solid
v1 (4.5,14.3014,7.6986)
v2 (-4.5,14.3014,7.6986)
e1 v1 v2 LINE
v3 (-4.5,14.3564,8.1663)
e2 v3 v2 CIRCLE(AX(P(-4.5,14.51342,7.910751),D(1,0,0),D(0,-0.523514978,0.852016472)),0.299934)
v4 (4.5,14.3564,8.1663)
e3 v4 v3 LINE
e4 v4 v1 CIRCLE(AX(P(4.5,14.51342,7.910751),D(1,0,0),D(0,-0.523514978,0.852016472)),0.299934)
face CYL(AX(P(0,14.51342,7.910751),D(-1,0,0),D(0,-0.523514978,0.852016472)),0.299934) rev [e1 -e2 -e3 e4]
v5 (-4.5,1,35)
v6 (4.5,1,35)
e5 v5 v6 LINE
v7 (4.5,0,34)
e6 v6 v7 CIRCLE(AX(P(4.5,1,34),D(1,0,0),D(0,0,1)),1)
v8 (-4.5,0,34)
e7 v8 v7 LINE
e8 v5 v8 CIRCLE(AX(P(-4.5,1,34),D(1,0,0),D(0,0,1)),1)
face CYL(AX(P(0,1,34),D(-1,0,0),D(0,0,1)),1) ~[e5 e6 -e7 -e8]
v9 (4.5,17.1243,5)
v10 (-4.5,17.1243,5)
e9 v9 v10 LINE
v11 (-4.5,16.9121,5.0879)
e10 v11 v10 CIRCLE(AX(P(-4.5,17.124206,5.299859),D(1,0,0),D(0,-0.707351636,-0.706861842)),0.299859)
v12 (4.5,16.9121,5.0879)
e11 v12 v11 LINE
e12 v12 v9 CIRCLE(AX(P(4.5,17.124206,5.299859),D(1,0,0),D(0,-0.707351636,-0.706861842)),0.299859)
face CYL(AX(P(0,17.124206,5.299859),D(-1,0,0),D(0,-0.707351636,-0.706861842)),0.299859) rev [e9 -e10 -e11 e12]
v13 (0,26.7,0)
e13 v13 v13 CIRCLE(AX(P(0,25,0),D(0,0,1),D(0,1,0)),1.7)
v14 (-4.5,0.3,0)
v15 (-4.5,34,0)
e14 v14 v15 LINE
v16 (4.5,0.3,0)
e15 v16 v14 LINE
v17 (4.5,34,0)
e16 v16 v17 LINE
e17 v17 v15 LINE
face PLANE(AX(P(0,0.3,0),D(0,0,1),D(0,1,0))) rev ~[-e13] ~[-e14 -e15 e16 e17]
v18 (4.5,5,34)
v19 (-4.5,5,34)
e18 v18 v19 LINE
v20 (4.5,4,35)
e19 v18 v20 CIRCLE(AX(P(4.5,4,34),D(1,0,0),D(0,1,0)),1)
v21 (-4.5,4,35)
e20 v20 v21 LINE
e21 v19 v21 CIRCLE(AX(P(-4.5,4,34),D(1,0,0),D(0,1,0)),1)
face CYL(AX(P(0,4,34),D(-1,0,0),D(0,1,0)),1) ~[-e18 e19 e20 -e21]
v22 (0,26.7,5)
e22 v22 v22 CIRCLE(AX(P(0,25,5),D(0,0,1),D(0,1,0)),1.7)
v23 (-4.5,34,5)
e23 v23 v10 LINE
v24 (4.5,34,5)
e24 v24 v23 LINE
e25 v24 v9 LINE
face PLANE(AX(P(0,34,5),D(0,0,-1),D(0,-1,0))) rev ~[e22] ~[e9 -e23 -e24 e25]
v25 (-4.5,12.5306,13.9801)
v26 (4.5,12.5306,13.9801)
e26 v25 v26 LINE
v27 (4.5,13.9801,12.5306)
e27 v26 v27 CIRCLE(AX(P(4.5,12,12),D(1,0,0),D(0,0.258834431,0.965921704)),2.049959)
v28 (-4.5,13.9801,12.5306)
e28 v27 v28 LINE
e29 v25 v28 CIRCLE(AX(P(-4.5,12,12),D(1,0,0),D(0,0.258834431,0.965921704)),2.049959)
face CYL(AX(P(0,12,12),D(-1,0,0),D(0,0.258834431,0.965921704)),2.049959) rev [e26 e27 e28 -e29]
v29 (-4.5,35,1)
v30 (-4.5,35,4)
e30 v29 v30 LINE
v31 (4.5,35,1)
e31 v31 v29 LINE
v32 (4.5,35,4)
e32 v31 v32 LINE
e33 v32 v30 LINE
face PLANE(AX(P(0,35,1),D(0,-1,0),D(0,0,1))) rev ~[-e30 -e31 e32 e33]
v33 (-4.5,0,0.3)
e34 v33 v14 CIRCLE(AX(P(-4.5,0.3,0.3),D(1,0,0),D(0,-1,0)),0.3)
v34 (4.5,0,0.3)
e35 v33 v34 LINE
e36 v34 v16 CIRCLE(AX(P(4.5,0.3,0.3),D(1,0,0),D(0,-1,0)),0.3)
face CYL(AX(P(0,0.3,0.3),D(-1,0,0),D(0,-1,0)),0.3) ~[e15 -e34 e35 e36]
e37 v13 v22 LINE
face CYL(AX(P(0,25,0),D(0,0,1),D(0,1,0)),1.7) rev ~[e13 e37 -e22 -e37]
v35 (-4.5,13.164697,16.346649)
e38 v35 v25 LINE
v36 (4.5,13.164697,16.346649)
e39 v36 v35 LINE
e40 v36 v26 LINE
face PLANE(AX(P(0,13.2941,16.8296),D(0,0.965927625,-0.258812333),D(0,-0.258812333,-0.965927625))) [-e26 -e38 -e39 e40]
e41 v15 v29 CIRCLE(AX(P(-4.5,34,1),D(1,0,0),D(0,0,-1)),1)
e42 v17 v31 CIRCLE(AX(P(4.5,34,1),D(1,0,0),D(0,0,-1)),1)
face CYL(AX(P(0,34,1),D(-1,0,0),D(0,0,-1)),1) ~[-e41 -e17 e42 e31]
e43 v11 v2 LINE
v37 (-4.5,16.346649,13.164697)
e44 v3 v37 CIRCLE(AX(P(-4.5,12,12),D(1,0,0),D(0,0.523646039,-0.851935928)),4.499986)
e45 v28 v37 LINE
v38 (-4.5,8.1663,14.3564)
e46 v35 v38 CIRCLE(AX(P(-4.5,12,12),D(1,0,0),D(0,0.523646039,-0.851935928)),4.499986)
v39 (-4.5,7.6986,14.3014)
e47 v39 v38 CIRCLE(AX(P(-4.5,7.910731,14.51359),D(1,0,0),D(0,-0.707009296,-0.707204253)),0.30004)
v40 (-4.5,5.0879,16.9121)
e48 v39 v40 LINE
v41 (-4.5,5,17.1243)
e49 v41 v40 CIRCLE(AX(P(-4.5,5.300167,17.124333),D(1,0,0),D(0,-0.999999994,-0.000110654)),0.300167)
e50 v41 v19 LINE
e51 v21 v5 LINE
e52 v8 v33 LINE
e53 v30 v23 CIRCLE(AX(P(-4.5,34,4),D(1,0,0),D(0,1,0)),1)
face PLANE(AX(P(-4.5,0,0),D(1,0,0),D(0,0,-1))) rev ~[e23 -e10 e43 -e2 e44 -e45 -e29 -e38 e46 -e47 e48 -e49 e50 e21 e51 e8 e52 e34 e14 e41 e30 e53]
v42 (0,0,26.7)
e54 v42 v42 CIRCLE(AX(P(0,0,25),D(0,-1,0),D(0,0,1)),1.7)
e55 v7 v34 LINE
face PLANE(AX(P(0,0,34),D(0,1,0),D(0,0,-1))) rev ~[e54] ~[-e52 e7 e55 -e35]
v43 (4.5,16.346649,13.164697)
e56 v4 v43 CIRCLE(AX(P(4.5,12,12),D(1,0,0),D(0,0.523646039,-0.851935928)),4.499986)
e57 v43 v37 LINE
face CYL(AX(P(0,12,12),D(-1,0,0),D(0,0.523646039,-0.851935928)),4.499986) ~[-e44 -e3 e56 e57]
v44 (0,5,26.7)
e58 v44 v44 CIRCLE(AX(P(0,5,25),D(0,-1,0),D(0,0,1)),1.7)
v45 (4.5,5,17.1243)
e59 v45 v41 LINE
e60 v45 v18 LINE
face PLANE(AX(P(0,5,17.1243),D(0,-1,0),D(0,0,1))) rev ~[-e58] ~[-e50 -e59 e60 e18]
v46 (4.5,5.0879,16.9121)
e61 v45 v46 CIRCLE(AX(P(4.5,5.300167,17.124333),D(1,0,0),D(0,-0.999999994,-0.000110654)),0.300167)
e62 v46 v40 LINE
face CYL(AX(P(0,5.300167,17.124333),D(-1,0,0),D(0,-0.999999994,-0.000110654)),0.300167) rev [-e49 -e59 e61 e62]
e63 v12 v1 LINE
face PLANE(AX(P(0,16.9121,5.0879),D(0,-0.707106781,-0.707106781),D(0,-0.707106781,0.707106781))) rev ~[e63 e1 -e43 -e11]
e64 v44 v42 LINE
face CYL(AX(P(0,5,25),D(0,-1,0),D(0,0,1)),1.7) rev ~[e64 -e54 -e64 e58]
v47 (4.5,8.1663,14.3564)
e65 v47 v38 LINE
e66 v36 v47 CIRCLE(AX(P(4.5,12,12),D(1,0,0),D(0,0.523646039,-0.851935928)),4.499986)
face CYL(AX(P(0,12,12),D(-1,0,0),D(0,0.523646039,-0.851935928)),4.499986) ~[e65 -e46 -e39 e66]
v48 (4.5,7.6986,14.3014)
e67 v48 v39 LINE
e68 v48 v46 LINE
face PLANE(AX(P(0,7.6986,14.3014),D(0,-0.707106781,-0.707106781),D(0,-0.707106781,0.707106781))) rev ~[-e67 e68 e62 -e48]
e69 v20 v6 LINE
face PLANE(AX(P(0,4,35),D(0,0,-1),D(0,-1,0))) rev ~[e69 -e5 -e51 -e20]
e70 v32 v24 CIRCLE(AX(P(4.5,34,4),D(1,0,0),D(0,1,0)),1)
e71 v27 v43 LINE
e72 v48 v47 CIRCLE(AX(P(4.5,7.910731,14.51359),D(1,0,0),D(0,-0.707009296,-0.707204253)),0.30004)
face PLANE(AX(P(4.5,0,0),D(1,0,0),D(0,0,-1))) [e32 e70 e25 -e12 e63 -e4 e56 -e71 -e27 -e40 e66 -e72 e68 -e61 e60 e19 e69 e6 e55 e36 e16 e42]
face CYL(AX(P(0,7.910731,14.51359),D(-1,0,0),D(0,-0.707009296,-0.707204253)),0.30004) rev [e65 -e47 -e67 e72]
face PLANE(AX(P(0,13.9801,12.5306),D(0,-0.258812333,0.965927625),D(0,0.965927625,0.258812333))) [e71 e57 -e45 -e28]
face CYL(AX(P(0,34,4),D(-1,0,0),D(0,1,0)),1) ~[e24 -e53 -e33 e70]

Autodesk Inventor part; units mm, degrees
ref_plane "YZ Plane" through (0, 0, 0) normal (1, 0, 0) x (0, 1, 0)
ref_plane "XZ Plane" through (0, 0, 0) normal (0, 1, 0) x (-1, 0, 0)
ref_plane "XY Plane" through (0, 0, 0) normal (0, 0, 1) x (1, 0, 0)
sketch "_____1" plane through (0, 0, 0) normal (1, 0, 0) x (0, 0, -1)
  arc A0 (-35, 1) -> (-34, 0) centre (-34, 1) ccw
  line L0 (-34, 0) -> (-0.3, 0)
  arc A1 (-0.3, 0) -> (0, 0.3) centre (-0.3, 0.3) ccw
  line L1 (0, 0.3) -> (0, 34)
  arc A2 (0, 34) -> (-1, 35) centre (-1, 34) ccw
  line L2 (-1, 35) -> (-4, 35)
  arc A3 (-4, 35) -> (-5, 34) centre (-4, 34) ccw
  line L3 (-5, 34) -> (-5, 17.1243)
  arc A4 (-5.0879, 16.9121) -> (-5, 17.1243) centre (-5.3, 17.1243) ccw
  line L4 (-5.0879, 16.9121) -> (-7.6986, 14.3014)
  arc A5 (-8.1663, 14.3564) -> (-7.6986, 14.3014) centre (-7.9107, 14.5135) ccw
  arc A6 (-8.1663, 14.3564) -> (-14.3564, 8.1663) centre (-12, 12) ccw
  arc A7 (-14.3014, 7.6986) -> (-14.3564, 8.1663) centre (-14.5135, 7.9107) ccw
  line L5 (-14.3014, 7.6986) -> (-16.9121, 5.0879)
  arc A8 (-17.1243, 5) -> (-16.9121, 5.0879) centre (-17.1243, 5.3) ccw
  line L6 (-17.1243, 5) -> (-34, 5)
  arc A9 (-34, 5) -> (-35, 4) centre (-34, 4) ccw
  line L7 (-35, 4) -> (-35, 1)
extrude "Extrusion1" add sketch "_____1" along normal mid plane 9
sketch "_____2" plane through (0, 0, 0) normal (1, 0, 0) x (0, 0, -1)
  line L0 (-16.8296, 13.2941) -> (-13.9801, 12.5306)
  arc A0 (-13.9801, 12.5306) -> (-12.5306, 13.9801) centre (-12, 12) ccw
  line L1 (-12.5306, 13.9801) -> (-13.2941, 16.8296)
  arc A1 (-13.2941, 16.8296) -> (-16.8296, 13.2941) centre (-12, 12) ccw
extrude "Extrusion2" cut sketch "_____2" along normal mid plane 9
sketch "Sketch3" plane through (4.5, 34, 0) normal (0, 0, -1) x (-1, 0, 0)
  point P0 (4.5, -9)
hole "Hole1" at (0, 25, 0) direction (0, 0, 1) diameter 3.4 depth 5
sketch "Sketch4" plane through (-4.5, 5, 34) normal (0, 1, 0) x (1, 0, 0)
  point P0 (4.5, 9)
hole "Hole2" at (0, 5, 25) direction (0, -1, 0) diameter 3.4 depth 5
properties part number "HBLTBS3"
